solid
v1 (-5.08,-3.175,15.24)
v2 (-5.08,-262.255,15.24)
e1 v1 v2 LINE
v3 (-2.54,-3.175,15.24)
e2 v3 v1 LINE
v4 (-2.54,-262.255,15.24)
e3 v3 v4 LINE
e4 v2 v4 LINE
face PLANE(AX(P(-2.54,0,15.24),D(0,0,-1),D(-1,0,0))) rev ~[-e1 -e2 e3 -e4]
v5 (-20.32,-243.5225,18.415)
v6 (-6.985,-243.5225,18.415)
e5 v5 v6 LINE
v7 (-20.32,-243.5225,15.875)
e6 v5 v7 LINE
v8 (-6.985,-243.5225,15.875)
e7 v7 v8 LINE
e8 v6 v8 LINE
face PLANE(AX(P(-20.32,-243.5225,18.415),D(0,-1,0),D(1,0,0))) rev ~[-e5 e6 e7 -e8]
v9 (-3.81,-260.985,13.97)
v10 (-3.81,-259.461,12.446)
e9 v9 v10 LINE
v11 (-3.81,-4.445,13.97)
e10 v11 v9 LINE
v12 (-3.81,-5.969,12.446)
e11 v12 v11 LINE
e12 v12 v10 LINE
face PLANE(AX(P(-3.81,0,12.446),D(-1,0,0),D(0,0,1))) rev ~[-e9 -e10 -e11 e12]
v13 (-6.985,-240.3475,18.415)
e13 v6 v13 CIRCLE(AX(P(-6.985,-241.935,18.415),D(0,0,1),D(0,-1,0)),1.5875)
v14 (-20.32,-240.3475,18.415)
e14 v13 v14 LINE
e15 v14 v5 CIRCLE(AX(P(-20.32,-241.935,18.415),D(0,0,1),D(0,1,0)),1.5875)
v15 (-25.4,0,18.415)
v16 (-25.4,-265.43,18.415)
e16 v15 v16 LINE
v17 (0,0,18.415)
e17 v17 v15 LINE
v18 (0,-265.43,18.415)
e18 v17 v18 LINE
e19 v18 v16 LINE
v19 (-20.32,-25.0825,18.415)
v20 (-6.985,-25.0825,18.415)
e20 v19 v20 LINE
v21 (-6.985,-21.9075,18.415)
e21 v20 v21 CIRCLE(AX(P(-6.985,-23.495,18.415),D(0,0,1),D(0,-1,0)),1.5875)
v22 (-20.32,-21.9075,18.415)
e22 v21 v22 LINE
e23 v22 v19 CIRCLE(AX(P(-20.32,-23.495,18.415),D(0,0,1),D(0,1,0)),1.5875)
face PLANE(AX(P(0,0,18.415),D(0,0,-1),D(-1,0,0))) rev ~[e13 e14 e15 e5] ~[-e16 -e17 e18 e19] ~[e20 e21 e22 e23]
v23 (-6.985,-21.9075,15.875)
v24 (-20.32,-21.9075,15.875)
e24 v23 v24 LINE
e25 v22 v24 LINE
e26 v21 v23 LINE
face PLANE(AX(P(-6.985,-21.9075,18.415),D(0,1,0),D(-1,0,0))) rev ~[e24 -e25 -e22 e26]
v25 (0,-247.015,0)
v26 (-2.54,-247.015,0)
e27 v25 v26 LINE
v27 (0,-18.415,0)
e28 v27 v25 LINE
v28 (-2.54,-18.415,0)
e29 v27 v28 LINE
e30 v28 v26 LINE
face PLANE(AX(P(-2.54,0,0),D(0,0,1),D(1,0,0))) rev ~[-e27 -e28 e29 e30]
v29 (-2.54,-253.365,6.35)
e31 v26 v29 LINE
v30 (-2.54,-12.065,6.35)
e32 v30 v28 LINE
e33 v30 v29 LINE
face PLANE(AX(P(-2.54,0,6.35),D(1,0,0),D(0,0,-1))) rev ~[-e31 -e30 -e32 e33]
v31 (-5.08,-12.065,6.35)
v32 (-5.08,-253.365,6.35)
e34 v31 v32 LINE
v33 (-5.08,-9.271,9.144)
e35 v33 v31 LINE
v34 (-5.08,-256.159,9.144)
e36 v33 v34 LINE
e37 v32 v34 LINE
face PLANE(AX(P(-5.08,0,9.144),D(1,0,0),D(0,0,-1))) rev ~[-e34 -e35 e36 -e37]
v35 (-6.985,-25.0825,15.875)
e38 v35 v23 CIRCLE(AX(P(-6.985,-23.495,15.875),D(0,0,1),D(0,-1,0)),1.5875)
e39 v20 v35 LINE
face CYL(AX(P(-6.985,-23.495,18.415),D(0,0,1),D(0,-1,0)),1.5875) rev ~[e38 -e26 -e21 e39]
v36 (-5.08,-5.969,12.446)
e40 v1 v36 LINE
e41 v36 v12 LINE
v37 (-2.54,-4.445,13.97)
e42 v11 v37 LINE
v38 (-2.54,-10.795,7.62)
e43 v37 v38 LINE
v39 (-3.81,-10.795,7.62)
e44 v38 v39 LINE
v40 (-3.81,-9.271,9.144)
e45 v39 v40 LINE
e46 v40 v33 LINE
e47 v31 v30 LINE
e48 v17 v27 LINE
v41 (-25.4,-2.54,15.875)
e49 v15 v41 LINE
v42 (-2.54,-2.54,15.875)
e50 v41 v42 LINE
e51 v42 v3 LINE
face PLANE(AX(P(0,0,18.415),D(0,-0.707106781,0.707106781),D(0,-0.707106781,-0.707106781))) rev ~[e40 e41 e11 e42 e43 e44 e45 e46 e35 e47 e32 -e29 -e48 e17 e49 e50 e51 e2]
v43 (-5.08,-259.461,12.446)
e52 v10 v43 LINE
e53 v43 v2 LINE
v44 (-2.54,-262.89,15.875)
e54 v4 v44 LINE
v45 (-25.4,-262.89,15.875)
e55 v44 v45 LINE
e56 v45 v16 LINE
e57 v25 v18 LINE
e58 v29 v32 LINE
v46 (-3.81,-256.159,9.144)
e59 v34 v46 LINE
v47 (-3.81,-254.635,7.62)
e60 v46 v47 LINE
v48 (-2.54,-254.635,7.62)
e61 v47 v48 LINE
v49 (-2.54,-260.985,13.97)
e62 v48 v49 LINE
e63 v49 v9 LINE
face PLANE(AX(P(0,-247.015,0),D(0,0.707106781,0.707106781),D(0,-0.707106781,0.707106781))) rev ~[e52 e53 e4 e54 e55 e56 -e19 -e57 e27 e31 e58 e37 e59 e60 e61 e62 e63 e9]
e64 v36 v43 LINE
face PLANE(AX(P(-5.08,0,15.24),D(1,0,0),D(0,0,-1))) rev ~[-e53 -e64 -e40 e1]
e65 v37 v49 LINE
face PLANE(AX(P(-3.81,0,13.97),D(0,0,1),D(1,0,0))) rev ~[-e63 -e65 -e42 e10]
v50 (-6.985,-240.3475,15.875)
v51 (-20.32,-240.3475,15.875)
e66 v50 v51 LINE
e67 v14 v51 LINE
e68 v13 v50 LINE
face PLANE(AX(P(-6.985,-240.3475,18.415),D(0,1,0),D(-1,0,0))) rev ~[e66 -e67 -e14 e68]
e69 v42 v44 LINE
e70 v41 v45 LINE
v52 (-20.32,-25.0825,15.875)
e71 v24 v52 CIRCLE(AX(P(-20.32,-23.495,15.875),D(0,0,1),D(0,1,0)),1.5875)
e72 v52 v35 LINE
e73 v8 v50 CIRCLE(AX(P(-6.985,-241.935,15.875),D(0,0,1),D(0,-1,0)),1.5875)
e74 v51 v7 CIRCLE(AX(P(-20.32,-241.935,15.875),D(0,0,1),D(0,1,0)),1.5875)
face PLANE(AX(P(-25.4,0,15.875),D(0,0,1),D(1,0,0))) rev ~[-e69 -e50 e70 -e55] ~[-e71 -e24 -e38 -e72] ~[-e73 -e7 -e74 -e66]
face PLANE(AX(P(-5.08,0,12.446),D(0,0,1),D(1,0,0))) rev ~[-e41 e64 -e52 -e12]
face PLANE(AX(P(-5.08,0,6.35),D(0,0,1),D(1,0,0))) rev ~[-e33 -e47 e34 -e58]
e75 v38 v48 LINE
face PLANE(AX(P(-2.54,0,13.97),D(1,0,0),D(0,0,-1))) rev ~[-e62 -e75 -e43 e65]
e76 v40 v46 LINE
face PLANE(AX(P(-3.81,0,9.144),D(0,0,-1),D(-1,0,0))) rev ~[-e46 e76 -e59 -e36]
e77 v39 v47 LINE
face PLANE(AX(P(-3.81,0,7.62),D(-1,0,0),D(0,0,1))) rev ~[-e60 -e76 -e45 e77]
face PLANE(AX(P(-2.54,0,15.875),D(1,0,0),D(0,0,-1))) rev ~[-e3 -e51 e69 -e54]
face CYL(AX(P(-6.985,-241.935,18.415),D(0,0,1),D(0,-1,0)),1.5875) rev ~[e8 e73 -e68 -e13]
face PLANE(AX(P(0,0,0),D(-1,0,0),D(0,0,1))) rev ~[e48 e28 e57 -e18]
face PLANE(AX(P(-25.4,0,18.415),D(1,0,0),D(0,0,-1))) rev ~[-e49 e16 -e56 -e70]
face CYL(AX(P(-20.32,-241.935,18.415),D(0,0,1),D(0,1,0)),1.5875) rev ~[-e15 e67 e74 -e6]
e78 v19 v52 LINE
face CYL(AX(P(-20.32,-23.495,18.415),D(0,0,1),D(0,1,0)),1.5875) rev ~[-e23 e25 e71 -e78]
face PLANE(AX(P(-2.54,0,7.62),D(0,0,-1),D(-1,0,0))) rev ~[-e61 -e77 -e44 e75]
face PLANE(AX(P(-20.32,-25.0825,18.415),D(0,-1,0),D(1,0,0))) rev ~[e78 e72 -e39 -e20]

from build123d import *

# Parameters (mm, degrees)
F1_DEPTH = 265.43
F3_DEPTH = 25.4
F5_DEPTH = 2.54


with BuildPart() as f1:
    # F0 (on Front) → F1 (new body)
    with BuildSketch(Plane.XZ):
        Polygon((-2.54, 0), (0, 0), (0, 18.415), (-25.4, 18.415), (-25.4, 15.875), (-2.54, 15.875), (-2.54, 15.24), (-5.08, 15.24), (-5.08, 12.446), (-3.81, 12.446), (-3.81, 13.97), (-2.54, 13.97), (-2.54, 7.62), (-3.81, 7.62), (-3.81, 9.144), (-5.08, 9.144), (-5.08, 6.35), (-2.54, 6.35), align=None)
    extrude(amount=F1_DEPTH)

    # F2 (on face) → F3 (cut)
    with BuildSketch(Plane.YZ):
        Polygon((-247.015, 0), (-265.43, 18.415), (-265.43, 0), align=None)
        Polygon((0, 0), (0, 18.415), (-18.415, 0), align=None)
    extrude(amount=-F3_DEPTH, mode=Mode.SUBTRACT)

    # F4 (on face) → F5 (cut)
    with BuildSketch(Plane.XY.offset(18.415)):
        with BuildLine():
            Line((-6.985, -240.3475), (-20.32, -240.3475))
            ThreePointArc((-20.32, -240.3475), (-21.9075, -241.935), (-20.32, -243.5225))
            Line((-20.32, -243.5225), (-6.985, -243.5225))
            ThreePointArc((-6.985, -243.5225), (-5.3975, -241.935), (-6.985, -240.3475))
        make_face()
        with BuildLine():
            ThreePointArc((-20.32, -21.9075), (-21.9075, -23.495), (-20.32, -25.0825))
            Line((-20.32, -25.0825), (-6.985, -25.0825))
            ThreePointArc((-6.985, -25.0825), (-5.3975, -23.495), (-6.985, -21.9075))
            Line((-6.985, -21.9075), (-20.32, -21.9075))
        make_face()
    extrude(amount=-F5_DEPTH, mode=Mode.SUBTRACT)


solid = f1.part
